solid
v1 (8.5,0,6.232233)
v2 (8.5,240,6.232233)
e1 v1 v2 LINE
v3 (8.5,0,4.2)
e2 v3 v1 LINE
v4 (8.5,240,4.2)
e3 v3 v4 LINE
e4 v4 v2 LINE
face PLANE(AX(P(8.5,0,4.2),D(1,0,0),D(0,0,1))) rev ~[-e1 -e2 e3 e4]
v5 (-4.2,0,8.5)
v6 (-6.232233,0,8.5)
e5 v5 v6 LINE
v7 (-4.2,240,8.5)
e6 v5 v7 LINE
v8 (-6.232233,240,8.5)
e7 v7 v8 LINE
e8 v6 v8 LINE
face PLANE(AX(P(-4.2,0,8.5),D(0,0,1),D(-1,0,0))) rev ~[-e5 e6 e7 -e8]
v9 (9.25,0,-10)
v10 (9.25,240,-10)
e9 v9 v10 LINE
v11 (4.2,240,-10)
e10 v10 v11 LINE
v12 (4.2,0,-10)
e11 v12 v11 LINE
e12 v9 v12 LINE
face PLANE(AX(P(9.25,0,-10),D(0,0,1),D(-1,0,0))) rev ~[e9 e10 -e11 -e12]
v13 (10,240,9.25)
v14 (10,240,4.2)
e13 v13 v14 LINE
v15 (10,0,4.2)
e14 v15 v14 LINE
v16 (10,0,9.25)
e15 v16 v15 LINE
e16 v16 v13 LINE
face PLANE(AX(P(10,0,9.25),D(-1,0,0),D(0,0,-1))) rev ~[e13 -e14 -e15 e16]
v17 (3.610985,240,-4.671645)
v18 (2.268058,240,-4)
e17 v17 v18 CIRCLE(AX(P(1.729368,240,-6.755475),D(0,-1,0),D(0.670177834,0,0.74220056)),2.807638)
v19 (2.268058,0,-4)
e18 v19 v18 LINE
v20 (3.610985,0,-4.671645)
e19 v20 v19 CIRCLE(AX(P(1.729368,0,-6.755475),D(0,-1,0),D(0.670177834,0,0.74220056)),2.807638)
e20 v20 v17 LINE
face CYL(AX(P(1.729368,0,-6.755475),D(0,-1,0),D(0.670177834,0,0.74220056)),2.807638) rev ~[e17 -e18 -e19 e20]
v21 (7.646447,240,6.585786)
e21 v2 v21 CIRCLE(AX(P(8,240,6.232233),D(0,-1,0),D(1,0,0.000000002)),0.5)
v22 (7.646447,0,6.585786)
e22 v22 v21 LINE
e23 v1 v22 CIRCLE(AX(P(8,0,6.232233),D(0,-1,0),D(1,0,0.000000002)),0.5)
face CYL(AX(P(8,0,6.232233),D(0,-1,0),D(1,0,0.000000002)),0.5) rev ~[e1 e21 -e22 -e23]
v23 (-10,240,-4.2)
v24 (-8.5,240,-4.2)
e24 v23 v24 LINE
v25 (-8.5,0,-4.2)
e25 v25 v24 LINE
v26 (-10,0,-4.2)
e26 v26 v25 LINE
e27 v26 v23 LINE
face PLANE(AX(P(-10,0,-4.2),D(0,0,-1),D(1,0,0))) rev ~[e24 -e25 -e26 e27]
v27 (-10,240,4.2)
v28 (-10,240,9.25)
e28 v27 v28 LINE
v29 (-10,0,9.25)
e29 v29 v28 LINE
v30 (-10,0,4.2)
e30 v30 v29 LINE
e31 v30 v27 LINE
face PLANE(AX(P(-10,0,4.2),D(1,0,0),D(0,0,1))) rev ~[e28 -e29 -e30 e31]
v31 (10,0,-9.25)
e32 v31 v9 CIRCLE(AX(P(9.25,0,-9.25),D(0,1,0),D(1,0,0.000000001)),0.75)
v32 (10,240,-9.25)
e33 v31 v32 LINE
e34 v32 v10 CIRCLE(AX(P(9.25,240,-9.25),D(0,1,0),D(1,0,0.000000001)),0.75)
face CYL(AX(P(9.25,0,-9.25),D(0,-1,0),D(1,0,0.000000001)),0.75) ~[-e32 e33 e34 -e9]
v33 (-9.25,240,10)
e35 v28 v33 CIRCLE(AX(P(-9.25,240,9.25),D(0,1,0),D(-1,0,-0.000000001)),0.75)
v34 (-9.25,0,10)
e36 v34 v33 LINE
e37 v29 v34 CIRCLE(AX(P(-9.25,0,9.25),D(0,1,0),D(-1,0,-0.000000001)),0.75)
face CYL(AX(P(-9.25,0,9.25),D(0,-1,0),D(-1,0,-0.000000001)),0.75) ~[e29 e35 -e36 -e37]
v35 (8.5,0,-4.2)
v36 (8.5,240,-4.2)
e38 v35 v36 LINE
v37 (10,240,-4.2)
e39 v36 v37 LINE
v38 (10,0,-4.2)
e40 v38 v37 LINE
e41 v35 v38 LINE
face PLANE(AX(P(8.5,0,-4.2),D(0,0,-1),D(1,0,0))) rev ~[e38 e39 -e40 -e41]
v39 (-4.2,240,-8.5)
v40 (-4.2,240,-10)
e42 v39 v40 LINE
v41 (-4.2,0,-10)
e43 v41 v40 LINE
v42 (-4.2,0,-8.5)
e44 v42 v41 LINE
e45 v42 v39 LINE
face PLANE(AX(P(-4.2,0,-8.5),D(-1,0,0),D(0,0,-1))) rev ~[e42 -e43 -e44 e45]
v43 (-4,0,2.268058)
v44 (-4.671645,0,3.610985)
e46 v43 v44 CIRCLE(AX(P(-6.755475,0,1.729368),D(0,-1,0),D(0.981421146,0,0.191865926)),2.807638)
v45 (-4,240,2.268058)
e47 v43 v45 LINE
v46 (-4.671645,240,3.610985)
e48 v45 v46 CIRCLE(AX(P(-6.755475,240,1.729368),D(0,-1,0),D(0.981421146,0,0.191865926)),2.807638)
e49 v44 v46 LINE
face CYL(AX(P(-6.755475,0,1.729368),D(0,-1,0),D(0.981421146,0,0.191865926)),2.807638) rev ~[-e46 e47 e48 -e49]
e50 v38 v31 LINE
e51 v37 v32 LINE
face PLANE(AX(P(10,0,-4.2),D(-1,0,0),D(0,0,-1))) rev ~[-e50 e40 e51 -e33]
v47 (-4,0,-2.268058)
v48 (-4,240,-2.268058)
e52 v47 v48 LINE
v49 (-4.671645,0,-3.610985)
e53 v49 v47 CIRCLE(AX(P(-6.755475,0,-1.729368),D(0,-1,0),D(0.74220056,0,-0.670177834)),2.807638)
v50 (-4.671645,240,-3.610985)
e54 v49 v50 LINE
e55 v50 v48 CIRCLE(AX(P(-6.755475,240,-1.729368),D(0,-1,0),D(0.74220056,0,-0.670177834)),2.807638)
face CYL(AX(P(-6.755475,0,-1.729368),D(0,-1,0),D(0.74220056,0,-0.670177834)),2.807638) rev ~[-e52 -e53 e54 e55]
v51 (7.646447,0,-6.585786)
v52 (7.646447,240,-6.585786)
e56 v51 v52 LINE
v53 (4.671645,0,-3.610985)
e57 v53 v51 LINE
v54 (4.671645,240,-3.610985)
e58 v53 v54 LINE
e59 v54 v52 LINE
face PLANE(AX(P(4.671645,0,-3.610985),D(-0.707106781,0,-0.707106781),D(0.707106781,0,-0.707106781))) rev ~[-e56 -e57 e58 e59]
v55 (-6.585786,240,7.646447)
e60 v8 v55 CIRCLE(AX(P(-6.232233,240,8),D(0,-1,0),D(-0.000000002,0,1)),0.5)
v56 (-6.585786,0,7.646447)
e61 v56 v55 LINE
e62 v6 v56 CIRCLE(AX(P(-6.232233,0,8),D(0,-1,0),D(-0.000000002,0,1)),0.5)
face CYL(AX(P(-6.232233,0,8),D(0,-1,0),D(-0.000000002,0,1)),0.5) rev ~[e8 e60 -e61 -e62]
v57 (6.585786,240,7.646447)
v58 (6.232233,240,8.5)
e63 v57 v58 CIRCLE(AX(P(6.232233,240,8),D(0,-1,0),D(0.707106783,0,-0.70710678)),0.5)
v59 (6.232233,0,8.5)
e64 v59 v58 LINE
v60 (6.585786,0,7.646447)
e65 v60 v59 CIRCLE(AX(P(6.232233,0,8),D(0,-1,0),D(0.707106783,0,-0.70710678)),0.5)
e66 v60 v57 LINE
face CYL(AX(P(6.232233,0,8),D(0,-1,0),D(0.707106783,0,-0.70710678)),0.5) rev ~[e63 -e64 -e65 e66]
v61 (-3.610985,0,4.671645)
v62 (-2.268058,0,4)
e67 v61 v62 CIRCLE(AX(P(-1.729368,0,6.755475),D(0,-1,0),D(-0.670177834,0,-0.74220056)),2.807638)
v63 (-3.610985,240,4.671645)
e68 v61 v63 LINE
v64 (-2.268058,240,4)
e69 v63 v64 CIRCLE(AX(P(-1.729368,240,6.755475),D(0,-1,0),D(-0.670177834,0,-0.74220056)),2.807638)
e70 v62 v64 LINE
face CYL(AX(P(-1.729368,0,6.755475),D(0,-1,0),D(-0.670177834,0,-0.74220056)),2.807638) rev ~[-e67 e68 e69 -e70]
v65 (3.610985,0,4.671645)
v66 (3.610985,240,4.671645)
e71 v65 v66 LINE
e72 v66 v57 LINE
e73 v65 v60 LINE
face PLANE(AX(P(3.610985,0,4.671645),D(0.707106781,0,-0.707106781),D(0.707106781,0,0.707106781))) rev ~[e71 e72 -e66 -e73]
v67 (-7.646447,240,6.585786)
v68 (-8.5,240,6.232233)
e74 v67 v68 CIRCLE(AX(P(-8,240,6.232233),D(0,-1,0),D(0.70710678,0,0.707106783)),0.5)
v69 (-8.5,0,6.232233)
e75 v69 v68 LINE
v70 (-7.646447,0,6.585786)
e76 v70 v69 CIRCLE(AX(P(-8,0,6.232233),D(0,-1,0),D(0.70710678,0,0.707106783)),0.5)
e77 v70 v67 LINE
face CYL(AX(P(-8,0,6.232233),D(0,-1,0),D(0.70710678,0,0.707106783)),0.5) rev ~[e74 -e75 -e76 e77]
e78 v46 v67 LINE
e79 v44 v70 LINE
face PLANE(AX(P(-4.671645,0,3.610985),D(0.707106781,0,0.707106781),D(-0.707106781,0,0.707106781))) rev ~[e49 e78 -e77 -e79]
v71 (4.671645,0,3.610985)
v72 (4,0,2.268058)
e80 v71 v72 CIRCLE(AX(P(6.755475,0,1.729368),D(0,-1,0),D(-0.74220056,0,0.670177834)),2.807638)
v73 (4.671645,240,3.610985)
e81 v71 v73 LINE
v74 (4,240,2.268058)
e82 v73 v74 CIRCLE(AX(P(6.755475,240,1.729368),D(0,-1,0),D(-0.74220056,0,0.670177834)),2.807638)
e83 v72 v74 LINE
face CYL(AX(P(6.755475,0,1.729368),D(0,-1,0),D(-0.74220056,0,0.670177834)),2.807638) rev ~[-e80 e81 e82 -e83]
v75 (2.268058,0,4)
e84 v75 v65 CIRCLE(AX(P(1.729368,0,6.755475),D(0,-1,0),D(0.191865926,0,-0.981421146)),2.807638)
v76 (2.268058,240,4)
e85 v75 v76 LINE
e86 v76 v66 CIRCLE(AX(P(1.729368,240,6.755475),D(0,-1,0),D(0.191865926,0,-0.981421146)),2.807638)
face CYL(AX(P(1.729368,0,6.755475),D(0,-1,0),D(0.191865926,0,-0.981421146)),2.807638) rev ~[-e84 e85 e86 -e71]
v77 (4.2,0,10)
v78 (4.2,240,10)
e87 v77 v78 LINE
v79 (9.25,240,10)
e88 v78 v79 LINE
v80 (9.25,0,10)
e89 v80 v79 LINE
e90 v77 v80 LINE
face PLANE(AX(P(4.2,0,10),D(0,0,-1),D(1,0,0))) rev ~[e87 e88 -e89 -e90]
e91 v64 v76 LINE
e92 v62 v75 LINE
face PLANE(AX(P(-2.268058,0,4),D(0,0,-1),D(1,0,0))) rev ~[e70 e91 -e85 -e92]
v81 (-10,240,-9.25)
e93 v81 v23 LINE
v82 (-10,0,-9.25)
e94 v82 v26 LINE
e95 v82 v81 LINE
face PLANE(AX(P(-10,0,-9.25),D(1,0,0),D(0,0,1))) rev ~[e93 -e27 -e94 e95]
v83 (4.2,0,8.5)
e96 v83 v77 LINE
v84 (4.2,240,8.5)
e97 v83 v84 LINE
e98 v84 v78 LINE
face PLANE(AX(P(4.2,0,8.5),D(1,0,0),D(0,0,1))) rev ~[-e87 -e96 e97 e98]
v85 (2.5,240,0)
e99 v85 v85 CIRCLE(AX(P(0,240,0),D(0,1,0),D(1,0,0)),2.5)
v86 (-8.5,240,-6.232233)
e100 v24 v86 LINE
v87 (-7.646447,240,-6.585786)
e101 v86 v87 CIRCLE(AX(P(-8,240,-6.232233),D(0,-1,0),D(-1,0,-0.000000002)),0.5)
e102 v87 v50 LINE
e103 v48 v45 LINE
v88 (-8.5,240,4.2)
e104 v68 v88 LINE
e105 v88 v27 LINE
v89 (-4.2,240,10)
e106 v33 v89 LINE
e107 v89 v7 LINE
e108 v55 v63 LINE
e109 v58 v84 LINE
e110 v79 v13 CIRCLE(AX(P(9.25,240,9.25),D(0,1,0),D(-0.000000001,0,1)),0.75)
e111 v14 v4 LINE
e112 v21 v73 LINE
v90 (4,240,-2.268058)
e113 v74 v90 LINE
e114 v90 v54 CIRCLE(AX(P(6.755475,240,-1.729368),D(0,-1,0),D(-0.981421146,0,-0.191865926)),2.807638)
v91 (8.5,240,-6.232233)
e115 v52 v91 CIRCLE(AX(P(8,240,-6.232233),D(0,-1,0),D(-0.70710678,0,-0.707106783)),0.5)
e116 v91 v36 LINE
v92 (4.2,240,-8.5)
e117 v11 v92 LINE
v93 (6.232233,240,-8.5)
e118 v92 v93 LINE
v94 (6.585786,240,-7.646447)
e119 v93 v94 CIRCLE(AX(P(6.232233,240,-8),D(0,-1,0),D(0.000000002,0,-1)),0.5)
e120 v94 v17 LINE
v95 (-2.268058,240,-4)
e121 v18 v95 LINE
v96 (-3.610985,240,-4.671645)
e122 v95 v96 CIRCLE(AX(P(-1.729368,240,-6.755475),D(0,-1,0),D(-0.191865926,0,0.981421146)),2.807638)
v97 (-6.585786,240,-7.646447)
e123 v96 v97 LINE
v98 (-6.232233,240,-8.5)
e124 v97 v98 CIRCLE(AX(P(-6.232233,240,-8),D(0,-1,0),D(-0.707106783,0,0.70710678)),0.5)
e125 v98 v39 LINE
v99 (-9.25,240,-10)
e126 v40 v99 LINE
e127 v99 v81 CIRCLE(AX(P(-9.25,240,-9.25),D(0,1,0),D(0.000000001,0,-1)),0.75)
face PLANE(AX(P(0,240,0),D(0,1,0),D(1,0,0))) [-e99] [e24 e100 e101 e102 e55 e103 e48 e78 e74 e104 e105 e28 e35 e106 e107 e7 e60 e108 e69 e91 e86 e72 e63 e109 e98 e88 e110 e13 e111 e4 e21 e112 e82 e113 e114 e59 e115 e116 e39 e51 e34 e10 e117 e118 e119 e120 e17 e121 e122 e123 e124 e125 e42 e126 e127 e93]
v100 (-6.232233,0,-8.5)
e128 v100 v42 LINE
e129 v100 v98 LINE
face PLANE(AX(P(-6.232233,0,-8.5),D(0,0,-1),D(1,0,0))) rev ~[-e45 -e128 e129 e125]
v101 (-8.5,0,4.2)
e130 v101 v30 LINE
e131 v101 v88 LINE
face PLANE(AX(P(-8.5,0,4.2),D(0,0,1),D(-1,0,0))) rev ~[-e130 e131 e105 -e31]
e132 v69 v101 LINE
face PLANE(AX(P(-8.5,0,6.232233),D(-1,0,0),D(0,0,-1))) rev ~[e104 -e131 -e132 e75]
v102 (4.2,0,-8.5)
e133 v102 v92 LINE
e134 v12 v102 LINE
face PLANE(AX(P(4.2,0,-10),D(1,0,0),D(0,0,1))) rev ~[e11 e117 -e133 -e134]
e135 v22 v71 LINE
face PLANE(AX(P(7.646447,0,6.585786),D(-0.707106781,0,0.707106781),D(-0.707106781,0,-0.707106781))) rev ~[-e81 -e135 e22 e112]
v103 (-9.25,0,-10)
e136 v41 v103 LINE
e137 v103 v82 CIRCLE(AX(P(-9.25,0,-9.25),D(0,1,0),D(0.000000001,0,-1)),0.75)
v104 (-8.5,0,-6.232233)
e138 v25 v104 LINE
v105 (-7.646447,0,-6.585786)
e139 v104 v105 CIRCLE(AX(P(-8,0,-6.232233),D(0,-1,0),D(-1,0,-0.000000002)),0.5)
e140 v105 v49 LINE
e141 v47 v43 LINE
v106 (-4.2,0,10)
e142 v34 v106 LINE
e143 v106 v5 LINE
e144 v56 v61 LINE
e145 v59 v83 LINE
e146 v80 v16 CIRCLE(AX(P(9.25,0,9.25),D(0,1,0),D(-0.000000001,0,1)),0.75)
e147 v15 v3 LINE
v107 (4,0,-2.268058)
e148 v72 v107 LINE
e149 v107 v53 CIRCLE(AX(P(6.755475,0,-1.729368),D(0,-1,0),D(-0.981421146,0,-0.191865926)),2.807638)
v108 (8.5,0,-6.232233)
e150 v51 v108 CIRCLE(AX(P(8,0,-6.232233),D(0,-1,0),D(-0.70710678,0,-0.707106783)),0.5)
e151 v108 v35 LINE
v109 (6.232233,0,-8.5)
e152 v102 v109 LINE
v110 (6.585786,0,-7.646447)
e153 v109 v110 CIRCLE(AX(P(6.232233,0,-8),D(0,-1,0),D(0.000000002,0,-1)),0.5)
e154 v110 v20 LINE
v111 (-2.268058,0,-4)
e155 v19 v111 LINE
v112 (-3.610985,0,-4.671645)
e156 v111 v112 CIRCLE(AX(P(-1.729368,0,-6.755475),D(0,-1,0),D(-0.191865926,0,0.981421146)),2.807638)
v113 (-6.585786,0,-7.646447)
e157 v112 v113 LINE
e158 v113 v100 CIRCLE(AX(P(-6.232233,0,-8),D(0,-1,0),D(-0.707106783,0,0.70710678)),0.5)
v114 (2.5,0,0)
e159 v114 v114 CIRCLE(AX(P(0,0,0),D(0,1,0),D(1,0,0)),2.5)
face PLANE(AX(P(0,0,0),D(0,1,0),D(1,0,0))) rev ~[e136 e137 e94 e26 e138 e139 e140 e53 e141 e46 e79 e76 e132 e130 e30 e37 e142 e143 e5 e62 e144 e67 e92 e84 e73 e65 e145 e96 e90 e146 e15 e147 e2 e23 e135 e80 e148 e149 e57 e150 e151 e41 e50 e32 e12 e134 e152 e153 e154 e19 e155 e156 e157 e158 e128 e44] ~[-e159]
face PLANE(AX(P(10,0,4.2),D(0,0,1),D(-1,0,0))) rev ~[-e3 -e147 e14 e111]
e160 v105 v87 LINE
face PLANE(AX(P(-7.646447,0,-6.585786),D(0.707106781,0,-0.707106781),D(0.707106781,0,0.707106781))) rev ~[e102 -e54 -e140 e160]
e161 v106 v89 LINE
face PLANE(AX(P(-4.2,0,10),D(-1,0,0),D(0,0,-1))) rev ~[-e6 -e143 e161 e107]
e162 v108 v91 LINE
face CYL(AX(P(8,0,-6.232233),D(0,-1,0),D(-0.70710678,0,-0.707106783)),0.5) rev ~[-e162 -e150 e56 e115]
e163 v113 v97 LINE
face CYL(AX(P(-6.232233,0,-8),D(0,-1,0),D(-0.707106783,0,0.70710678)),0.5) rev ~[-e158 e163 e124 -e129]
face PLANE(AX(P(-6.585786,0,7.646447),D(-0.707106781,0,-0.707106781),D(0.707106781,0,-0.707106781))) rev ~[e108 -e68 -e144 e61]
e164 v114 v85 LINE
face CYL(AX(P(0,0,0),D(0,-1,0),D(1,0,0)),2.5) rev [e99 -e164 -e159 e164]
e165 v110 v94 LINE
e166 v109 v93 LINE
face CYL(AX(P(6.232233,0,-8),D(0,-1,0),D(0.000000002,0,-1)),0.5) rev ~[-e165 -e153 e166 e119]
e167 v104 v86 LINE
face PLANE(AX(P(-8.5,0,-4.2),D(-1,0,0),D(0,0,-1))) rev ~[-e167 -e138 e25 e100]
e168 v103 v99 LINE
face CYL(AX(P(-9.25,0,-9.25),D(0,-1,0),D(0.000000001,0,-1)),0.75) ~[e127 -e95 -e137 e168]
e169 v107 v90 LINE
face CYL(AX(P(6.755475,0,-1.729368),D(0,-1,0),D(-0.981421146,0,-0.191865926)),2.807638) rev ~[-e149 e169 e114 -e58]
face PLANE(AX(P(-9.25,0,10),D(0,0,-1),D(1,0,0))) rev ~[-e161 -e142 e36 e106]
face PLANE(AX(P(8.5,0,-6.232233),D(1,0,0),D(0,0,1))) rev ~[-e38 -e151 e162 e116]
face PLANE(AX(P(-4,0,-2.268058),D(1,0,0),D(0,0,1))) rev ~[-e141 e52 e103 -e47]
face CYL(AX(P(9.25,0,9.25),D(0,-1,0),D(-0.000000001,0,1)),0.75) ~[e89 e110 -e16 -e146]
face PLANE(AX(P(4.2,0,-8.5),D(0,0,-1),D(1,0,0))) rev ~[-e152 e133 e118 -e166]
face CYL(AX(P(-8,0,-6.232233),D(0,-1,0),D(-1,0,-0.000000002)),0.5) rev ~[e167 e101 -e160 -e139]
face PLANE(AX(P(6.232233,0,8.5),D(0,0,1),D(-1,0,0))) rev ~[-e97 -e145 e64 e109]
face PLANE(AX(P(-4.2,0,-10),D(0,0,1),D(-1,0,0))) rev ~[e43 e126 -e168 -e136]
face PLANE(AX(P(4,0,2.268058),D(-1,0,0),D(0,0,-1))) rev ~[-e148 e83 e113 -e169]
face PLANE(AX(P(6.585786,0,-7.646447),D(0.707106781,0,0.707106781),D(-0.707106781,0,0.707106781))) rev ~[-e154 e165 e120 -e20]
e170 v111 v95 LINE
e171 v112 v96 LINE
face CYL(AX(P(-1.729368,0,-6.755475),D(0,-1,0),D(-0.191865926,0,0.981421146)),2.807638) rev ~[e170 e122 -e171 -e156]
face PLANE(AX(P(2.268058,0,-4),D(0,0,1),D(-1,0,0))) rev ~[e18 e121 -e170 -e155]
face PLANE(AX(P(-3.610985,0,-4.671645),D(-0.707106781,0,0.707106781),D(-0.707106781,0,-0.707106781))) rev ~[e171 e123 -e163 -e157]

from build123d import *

# Parameters (mm, degrees)
SKETCH1_R           = 2.5
BOSS_EXTRUDE1_DEPTH = 240


with BuildPart() as part:
    # Sketch1 → Boss-Extrude1 (new body)
    with BuildSketch(Plane(origin=(0, 0, 0), x_dir=(1, 0, 0), z_dir=(0, 1, 0))):
        with BuildLine():
            Line((-3.610984523, 4.671644695), (-6.585786438, 7.646446609))
            ThreePointArc((-6.585786438, 7.646446609), (-6.694172813, 8.191341716), (-6.232233047, 8.5))
            Line((-6.232233047, 8.5), (-4.2, 8.5))
            Line((-4.2, 8.5), (-4.2, 10))
            Line((-4.2, 10), (-9.25, 10))
            ThreePointArc((-9.25, 10), (-9.780330086, 9.780330086), (-10, 9.25))
            Line((-10, 9.25), (-10, 4.2))
            Line((-10, 4.2), (-8.5, 4.2))
            Line((-8.5, 4.2), (-8.5, 6.232233047))
            ThreePointArc((-8.5, 6.232233047), (-8.191341716, 6.694172813), (-7.646446609, 6.585786438))
            Line((-7.646446609, 6.585786438), (-4.671644695, 3.610984523))
            ThreePointArc((-4.671644695, 3.610984523), (-4.244383234, 2.985253206), (-4, 2.268058063))
            Line((-4, 2.268058063), (-4, -2.268058063))
            ThreePointArc((-4, -2.268058063), (-4.244383234, -2.985253206), (-4.671644695, -3.610984523))
            Line((-4.671644695, -3.610984523), (-7.646446609, -6.585786438))
            ThreePointArc((-7.646446609, -6.585786438), (-8.191341716, -6.694172813), (-8.5, -6.232233047))
            Line((-8.5, -6.232233047), (-8.5, -4.2))
            Line((-8.5, -4.2), (-10, -4.2))
            Line((-10, -4.2), (-10, -9.25))
            ThreePointArc((-10, -9.25), (-9.780330086, -9.780330086), (-9.25, -10))
            Line((-9.25, -10), (-4.2, -10))
            Line((-4.2, -10), (-4.2, -8.5))
            Line((-4.2, -8.5), (-6.232233047, -8.5))
            ThreePointArc((-6.232233047, -8.5), (-6.694172813, -8.191341716), (-6.585786438, -7.646446609))
            Line((-6.585786438, -7.646446609), (-3.610984523, -4.671644695))
            ThreePointArc((-3.610984523, -4.671644695), (-2.985253206, -4.244383234), (-2.268058063, -4))
            Line((-2.268058063, -4), (2.268058063, -4))
            ThreePointArc((2.268058063, -4), (2.985253206, -4.244383234), (3.610984523, -4.671644695))
            Line((3.610984523, -4.671644695), (6.585786438, -7.646446609))
            ThreePointArc((6.585786438, -7.646446609), (6.694172813, -8.191341716), (6.232233047, -8.5))
            Line((6.232233047, -8.5), (4.2, -8.5))
            Line((4.2, -8.5), (4.2, -10))
            Line((4.2, -10), (9.25, -10))
            ThreePointArc((9.25, -10), (9.780330086, -9.780330086), (10, -9.25))
            Line((10, -9.25), (10, -4.2))
            Line((10, -4.2), (8.5, -4.2))
            Line((8.5, -4.2), (8.5, -6.232233047))
            ThreePointArc((8.5, -6.232233047), (8.191341716, -6.694172813), (7.646446609, -6.585786438))
            Line((7.646446609, -6.585786438), (4.671644695, -3.610984523))
            ThreePointArc((4.671644695, -3.610984523), (4.244383234, -2.985253206), (4, -2.268058063))
            Line((4, -2.268058063), (4, 2.268058063))
            ThreePointArc((4, 2.268058063), (4.244383234, 2.985253206), (4.671644695, 3.610984523))
            Line((4.671644695, 3.610984523), (7.646446609, 6.585786438))
            ThreePointArc((7.646446609, 6.585786438), (8.191341716, 6.694172813), (8.5, 6.232233047))
            Line((8.5, 6.232233047), (8.5, 4.2))
            Line((8.5, 4.2), (10, 4.2))
            Line((10, 4.2), (10, 9.25))
            ThreePointArc((10, 9.25), (9.780330086, 9.780330086), (9.25, 10))
            Line((9.25, 10), (4.2, 10))
            Line((4.2, 10), (4.2, 8.5))
            Line((4.2, 8.5), (6.232233047, 8.5))
            ThreePointArc((6.232233047, 8.5), (6.694172813, 8.191341716), (6.585786438, 7.646446609))
            Line((6.585786438, 7.646446609), (3.610984523, 4.671644695))
            ThreePointArc((3.610984523, 4.671644695), (2.985253206, 4.244383234), (2.268058063, 4))
            Line((2.268058063, 4), (-2.268058063, 4))
            ThreePointArc((-2.268058063, 4), (-2.985253206, 4.244383234), (-3.610984523, 4.671644695))
        make_face()
        Circle(SKETCH1_R, mode=Mode.SUBTRACT)
    extrude(amount=BOSS_EXTRUDE1_DEPTH)


solid = part.part
